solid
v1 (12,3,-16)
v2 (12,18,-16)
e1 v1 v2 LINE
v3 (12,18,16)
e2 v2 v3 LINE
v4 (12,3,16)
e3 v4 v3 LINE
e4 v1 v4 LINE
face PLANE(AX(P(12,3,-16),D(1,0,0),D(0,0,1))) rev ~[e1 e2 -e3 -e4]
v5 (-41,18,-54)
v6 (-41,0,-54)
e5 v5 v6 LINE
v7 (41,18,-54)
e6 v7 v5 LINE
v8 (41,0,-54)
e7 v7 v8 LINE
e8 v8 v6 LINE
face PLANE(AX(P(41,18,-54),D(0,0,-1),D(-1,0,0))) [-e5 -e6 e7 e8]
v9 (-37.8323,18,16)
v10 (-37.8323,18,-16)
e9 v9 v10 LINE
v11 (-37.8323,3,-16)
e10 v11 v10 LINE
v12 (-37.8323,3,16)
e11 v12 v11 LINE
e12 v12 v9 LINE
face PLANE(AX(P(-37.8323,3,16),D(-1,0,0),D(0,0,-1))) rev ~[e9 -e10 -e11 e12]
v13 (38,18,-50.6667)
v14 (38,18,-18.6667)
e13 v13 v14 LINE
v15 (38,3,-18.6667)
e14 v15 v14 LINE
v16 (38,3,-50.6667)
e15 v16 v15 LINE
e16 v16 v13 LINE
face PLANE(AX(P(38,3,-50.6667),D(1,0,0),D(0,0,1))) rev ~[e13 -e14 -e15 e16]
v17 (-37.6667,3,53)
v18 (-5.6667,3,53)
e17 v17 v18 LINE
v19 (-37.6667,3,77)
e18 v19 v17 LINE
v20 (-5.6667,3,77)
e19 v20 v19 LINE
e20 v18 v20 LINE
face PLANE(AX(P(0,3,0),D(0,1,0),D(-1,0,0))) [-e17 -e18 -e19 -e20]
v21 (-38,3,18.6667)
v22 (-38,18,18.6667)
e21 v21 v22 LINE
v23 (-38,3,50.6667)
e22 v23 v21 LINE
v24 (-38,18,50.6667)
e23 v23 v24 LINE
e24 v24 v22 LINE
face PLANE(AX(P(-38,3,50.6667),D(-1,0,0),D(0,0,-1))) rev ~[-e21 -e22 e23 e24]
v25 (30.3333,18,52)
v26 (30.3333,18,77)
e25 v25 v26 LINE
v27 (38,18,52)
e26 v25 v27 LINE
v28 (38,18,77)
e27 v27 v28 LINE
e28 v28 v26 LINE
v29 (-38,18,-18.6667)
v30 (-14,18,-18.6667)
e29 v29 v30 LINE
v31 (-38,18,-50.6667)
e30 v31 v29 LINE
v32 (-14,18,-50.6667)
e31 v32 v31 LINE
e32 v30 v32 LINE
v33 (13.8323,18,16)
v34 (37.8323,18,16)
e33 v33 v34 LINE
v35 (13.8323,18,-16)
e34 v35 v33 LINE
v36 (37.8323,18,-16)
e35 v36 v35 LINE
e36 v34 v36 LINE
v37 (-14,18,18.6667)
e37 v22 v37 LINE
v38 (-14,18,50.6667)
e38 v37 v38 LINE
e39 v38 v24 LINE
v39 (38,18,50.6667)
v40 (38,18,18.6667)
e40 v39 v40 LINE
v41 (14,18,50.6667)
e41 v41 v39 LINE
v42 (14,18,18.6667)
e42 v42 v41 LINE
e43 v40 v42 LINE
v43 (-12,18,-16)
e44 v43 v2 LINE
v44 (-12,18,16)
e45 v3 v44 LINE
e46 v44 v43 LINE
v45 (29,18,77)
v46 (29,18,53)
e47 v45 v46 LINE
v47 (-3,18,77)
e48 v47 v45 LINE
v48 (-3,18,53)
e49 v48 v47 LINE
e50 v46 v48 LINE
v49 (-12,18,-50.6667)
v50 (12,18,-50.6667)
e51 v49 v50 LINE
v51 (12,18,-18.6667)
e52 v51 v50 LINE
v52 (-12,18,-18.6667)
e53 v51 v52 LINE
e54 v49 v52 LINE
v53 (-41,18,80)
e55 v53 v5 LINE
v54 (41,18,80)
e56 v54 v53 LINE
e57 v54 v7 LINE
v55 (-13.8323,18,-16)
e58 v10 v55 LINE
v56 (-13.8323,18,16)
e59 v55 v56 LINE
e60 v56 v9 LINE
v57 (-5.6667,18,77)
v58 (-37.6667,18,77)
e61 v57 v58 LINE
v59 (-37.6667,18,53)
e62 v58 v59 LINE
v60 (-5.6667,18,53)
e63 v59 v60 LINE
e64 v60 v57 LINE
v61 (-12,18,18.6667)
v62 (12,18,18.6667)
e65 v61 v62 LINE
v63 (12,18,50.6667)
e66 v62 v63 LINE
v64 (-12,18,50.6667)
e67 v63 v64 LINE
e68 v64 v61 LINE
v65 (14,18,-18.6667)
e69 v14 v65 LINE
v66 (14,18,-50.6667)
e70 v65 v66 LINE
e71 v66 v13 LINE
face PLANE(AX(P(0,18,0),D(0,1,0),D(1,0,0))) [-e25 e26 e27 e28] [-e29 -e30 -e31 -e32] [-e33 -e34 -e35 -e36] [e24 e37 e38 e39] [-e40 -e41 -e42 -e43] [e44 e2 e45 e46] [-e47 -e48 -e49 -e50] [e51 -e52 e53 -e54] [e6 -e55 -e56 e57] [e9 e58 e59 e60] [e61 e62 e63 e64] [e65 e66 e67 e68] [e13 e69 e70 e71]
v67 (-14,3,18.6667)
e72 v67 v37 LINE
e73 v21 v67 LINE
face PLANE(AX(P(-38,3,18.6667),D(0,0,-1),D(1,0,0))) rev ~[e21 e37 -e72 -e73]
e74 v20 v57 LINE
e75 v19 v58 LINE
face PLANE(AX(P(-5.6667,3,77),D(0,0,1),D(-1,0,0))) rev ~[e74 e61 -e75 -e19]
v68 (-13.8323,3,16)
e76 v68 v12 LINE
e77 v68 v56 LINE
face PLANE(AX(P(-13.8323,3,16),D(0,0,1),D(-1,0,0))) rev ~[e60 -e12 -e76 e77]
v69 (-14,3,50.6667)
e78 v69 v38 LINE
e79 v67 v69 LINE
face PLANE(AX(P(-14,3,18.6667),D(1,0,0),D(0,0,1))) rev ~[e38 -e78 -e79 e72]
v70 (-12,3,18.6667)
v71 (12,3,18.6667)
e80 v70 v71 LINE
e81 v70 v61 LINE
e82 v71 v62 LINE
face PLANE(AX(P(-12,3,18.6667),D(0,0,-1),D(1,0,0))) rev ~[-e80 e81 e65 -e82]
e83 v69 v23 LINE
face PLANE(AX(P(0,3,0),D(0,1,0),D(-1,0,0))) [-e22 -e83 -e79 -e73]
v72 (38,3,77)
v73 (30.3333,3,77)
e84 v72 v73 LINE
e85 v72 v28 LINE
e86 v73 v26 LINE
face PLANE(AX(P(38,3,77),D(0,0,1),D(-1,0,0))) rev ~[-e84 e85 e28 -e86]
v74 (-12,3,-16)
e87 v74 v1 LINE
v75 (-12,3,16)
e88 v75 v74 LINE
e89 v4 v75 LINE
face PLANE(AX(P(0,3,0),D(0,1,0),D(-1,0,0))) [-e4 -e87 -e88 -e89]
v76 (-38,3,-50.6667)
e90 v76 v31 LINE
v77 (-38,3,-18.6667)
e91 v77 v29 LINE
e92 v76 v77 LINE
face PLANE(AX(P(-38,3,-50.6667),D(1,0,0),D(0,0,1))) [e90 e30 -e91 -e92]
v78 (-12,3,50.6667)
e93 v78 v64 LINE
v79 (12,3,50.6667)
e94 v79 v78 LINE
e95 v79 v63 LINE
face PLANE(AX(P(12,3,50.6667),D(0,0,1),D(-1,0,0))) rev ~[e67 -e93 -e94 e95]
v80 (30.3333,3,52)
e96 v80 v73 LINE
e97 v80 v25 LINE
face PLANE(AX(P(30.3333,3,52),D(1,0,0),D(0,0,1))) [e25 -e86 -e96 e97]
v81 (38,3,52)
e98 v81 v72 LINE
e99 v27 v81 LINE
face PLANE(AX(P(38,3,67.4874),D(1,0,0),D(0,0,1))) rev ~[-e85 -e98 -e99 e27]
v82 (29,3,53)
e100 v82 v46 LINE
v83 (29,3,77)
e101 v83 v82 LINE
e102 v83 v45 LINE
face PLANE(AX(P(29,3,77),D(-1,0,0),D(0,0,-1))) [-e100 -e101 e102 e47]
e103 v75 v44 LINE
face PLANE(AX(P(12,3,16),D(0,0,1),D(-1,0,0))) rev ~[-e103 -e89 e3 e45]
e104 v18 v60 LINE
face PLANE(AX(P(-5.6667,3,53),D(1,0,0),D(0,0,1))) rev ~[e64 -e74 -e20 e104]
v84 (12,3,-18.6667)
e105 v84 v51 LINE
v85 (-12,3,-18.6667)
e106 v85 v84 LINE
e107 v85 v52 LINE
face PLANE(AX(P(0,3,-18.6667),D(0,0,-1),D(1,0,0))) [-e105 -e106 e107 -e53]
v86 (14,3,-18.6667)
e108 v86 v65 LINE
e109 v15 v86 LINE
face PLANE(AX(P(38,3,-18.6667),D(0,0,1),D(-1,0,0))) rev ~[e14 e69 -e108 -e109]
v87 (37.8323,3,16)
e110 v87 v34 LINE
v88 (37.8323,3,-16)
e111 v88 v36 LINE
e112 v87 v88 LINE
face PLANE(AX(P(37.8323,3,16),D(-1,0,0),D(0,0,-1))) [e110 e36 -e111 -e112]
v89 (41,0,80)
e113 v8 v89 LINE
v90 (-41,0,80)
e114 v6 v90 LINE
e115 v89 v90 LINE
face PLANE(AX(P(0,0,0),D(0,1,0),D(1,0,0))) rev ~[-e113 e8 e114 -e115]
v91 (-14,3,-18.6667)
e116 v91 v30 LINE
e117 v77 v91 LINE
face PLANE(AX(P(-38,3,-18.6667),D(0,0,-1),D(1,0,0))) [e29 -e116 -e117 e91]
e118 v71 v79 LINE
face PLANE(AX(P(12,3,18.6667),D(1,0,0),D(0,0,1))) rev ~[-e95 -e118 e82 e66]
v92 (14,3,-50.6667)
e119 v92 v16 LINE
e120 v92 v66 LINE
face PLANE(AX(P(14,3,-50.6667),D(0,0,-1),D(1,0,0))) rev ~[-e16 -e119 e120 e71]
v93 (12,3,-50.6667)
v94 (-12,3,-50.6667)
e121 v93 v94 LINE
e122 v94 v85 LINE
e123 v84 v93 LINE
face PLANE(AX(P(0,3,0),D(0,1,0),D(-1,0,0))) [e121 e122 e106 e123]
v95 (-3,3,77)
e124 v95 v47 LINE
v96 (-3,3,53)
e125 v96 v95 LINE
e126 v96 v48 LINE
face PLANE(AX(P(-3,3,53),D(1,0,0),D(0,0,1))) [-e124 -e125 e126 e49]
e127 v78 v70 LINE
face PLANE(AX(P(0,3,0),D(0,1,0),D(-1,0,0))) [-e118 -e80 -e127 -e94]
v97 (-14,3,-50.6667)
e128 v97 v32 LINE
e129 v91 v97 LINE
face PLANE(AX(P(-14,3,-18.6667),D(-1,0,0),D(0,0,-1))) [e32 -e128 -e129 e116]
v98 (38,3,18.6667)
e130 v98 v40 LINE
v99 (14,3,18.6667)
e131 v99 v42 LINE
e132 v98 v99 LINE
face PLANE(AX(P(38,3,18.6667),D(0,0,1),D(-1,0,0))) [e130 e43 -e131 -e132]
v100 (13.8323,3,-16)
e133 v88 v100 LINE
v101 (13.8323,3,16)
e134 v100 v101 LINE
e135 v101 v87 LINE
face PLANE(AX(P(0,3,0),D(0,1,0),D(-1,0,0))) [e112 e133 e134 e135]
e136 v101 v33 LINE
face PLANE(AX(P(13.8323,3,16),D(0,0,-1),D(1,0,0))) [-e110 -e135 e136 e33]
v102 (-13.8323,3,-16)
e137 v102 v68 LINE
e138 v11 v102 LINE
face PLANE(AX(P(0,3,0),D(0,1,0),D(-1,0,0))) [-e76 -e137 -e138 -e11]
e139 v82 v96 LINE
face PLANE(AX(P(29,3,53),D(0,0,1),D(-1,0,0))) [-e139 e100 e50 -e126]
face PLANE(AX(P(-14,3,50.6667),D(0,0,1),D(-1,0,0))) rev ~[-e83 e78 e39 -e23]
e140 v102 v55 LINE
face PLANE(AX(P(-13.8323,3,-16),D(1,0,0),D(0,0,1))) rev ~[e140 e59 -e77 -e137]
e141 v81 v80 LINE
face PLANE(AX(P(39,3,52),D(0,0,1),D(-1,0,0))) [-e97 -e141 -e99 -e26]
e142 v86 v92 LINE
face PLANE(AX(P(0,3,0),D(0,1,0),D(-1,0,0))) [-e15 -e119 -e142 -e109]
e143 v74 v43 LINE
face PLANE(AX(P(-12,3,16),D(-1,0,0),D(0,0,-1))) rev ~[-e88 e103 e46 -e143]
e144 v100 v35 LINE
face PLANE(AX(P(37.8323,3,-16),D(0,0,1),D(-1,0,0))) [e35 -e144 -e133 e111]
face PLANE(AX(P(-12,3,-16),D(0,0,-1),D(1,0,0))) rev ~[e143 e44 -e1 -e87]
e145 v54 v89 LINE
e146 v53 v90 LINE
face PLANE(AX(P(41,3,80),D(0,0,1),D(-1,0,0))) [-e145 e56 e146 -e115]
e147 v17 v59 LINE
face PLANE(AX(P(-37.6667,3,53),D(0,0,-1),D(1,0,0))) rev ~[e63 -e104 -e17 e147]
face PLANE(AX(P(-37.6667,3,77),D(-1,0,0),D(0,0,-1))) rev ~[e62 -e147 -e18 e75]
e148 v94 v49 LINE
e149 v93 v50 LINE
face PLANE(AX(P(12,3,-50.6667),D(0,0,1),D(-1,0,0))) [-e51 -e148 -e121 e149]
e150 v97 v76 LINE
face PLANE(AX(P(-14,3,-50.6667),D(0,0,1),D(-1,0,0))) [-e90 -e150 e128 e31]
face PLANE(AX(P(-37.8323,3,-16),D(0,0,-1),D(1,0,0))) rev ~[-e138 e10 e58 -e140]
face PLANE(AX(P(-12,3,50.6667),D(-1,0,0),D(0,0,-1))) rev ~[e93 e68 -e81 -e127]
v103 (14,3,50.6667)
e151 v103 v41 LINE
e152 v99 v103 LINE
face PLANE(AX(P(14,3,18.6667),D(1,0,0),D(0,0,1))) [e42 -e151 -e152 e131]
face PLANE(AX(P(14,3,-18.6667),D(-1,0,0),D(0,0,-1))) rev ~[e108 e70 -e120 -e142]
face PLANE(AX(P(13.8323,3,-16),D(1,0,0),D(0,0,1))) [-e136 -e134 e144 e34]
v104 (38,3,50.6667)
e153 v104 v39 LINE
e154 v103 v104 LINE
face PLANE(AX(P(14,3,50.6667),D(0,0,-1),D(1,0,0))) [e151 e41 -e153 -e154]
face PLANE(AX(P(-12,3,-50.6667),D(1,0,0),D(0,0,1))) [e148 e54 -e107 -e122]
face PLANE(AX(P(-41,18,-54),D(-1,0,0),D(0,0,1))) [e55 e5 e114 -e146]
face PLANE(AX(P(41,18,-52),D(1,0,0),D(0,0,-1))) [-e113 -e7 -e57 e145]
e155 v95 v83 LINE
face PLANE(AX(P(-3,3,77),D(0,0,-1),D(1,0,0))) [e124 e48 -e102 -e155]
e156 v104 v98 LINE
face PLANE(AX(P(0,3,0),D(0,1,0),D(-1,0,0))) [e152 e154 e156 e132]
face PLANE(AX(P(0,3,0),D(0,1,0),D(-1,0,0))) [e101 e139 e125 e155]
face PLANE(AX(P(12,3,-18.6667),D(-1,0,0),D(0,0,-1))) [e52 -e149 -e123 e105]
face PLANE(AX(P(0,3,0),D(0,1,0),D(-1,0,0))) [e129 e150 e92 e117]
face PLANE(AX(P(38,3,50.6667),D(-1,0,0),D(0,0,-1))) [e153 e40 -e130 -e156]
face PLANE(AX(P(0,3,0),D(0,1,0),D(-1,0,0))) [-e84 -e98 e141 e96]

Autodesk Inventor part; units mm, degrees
ref_plane "YZ Plane" through (0, 0, 0) normal (1, 0, 0) x (0, 1, 0)
ref_plane "XZ Plane" through (0, 0, 0) normal (0, 1, 0) x (-1, 0, 0)
ref_plane "XY Plane" through (0, 0, 0) normal (0, 0, 1) x (1, 0, 0)
sketch "Эскиз1" plane through (0, 0, 0) normal (0, 1, 0) x (-1, 0, 0)
  line L0 (-41, -75) -> (41, -75)
  line L1 (41, -75) -> (41, 75)
  line L2 (41, 75) -> (-41, 75)
  line L3 (-41, 75) -> (-41, -75)
  line L4 (-41, -75) -> (41, 75) construction
  line L5 (41, -75) -> (-41, 75) construction
  line L6 (41, 75) -> (-41, 75)
  line L7 (-41, 75) -> (-41, 80)
  line L8 (-41, 80) -> (41, 80)
  line L9 (41, 80) -> (41, 75)
  point P0 (0, 0)
  point P1 (-45, 75)
  dimension "d0" = 150
  dimension "d1" = 82
  dimension "d34" = 5
extrude "Выдавливание1" add sketch "Эскиз1" along normal blind 3
sketch "Эскиз2" plane through (0, 3, 0) normal (0, 1, 0) x (1, 0, 0)
  line L0 (41, 75) -> (-41, 75)
  line L1 (43.9412, 73.2353) -> (-45, -75) construction
  line L2 (-45, 75) -> (45, -75) construction
  line L3 (38, 67.4874) -> (-38, 67.4874)
  line L4 (-38, 67.4874) -> (-38, -67.4874)
  line L5 (38, -67.4874) -> (38, 67.4874)
  line L6 (38, 67.4874) -> (-38, -67.4874) construction
  line L7 (-38, 67.4874) -> (38, -67.4874) construction
  line L8 (40.7632, -80) -> (-41, -80)
  line L9 (-38, -77) -> (-38, -67.4874)
  line L10 (41, -80) -> (41, 75) projected
  line L11 (41, -80) -> (-41, -80)
  line L12 (-41, 75) -> (-41, -80) projected
  line L13 (-41, -80) -> (41, -80)
  line L14 (38, -77) -> (-38, -77)
  line L15 (-41, -77) -> (-41, -80)
  line L16 (-41, -77) -> (-41, 75)
  line L17 (41, -80) -> (41, 75)
  line L18 (38, -67.4874) -> (38, -77)
  point P0 (0, 0)
  dimension "d38" = 3
  dimension "d39" = 3
extrude "Выдавливание2" add sketch "Эскиз2" along normal blind 15
sketch "Эскиз3" plane through (0, 3, 0) normal (0, 1, 0) x (1, 0, 0)
  line L0 (12, -16) -> (-12, -16)
  line L1 (-12, -16) -> (-12, 16)
  line L2 (-12, 16) -> (12, 16)
  line L3 (12, 16) -> (12, -16)
  line L4 (12, -16) -> (-12, 16) construction
  line L5 (-12, -16) -> (12, 16) construction
  line L6 (13, -17.3333) -> (-13, -17.3333)
  line L7 (-13, -17.3333) -> (-13, 17.3333)
  line L8 (-13, 17.3333) -> (13, 17.3333)
  line L9 (13, 17.3333) -> (13, -17.3333)
  line L10 (13, -17.3333) -> (-13, 17.3333) construction
  line L11 (-13, -17.3333) -> (13, 17.3333) construction
  point P0 (0, 0)
  dimension "d8" = 24
  dimension "d9" = 32
  dimension "d10" = 26
extrude "Выдавливание3" add sketch "Эскиз3" along normal blind 15
sketch "Эскиз4" plane through (0, 3, 0) normal (0, 1, 0) x (1, 0, 0)
  line L0 (13, 17.3333) -> (-13, 17.3333) projected
  line L1 (-13, 17.3333) -> (-39, 17.3333)
  line L2 (-39, 17.3333) -> (-39, -17.3333)
  line L3 (-39, -17.3333) -> (-13, -17.3333)
  line L4 (-13, -17.3333) -> (-13, 17.3333)
  line L5 (-13.8323, -16) -> (-37.8323, -16)
  line L6 (-37.8323, -16) -> (-37.8323, 16)
  line L7 (-37.8323, 16) -> (-13.8323, 16)
  line L8 (-13.8323, 16) -> (-13.8323, -16)
  line L9 (-13.8323, -16) -> (-37.8323, 16) construction
  line L10 (-37.8323, -16) -> (-13.8323, 16) construction
  line L11 (0, 0) -> (0, 60.0549)
  line L12 (13, 17.3333) -> (39, 17.3333)
  line L13 (39, 17.3333) -> (39, -17.3333)
  line L14 (39, -17.3333) -> (13, -17.3333)
  line L15 (13, -17.3333) -> (13, 17.3333)
  line L16 (13.8323, -16) -> (37.8323, -16)
  line L17 (37.8323, -16) -> (37.8323, 16)
  line L18 (37.8323, 16) -> (13.8323, 16)
  line L19 (13.8323, 16) -> (13.8323, -16)
  line L20 (13.8323, -16) -> (37.8323, 16) construction
  line L21 (37.8323, -16) -> (13.8323, 16) construction
  point P0 (-25.8323, 0)
  point P1 (25.8323, 0)
  dimension "d13" = 26
  dimension "d14" = 24
  dimension "d15" = 32
extrude "Выдавливание4" add sketch "Эскиз4" along normal blind 15
sketch "Эскиз6" plane through (0, 3, 0) normal (0, 1, 0) x (1, 0, 0)
  line L0 (38, 17.3333) -> (-38, 17.3333) projected
  line L1 (-39, 17.3333) -> (39, 17.3333)
  line L2 (39, 17.3333) -> (39, 52)
  line L3 (39, 52) -> (-39, 52)
  line L4 (-39, 52) -> (-39, 17.3333)
  line L5 (-39, 17.3333) -> (-13, 17.3333)
  line L6 (-13, 17.3333) -> (-13, 52)
  line L7 (-13, 52) -> (-39, 52)
  line L8 (-39, 52) -> (-39, 17.3333)
  line L9 (-14, 50.6667) -> (-38, 50.6667)
  line L10 (-38, 50.6667) -> (-38, 18.6667)
  line L11 (-38, 18.6667) -> (-14, 18.6667)
  line L12 (-14, 18.6667) -> (-14, 50.6667)
  line L13 (-14, 50.6667) -> (-38, 18.6667) construction
  line L14 (-38, 50.6667) -> (-14, 18.6667) construction
  line L15 (-39, 17.3333) -> (-13, 52)
  line L16 (-39, 52) -> (-13, 17.3333)
  line L17 (0, 0) -> (0, 94.2737)
  line L18 (39, 52) -> (39, 17.3333)
  line L19 (39, 17.3333) -> (13, 17.3333)
  line L20 (13, 17.3333) -> (13, 52)
  line L21 (13, 52) -> (39, 52)
  line L22 (39, 52) -> (39, 17.3333)
  line L23 (14, 50.6667) -> (38, 50.6667)
  line L24 (38, 50.6667) -> (38, 18.6667)
  line L25 (38, 18.6667) -> (14, 18.6667)
  line L26 (14, 18.6667) -> (14, 50.6667)
  line L27 (14, 50.6667) -> (38, 18.6667) construction
  line L28 (38, 50.6667) -> (14, 18.6667) construction
  line L29 (39, 17.3333) -> (13, 52)
  line L30 (39, 52) -> (13, 17.3333)
  line L31 (-13, 17.3333) -> (13, 17.3333)
  line L32 (13, 17.3333) -> (13, 52)
  line L33 (13, 52) -> (-13, 52)
  line L34 (-13, 52) -> (-13, 17.3333)
  line L35 (12, 50.6667) -> (-12, 50.6667)
  line L36 (-12, 50.6667) -> (-12, 18.6667)
  line L37 (-12, 18.6667) -> (12, 18.6667)
  line L38 (12, 18.6667) -> (12, 50.6667)
  line L39 (12, 50.6667) -> (-12, 18.6667) construction
  line L40 (-12, 50.6667) -> (12, 18.6667) construction
  line L41 (0, 0) -> (-32.6399, 0)
  line L42 (39, -17.3333) -> (-39, -17.3333)
  line L43 (-39, -17.3333) -> (39, -17.3333)
  line L44 (39, -17.3333) -> (39, -52)
  line L45 (39, -52) -> (-39, -52)
  line L46 (-39, -52) -> (-39, -17.3333)
  line L47 (-39, -17.3333) -> (-13, -17.3333)
  line L48 (-13, -17.3333) -> (-13, -52)
  line L49 (-13, -52) -> (-39, -52)
  line L50 (-39, -52) -> (-39, -17.3333)
  line L51 (-14, -50.6667) -> (-38, -50.6667)
  line L52 (-38, -50.6667) -> (-38, -18.6667)
  line L53 (-38, -18.6667) -> (-14, -18.6667)
  line L54 (-14, -18.6667) -> (-14, -50.6667)
  line L55 (-14, -50.6667) -> (-38, -18.6667) construction
  line L56 (-38, -50.6667) -> (-14, -18.6667) construction
  line L57 (-39, -17.3333) -> (-13, -52)
  line L58 (-39, -52) -> (-13, -17.3333)
  line L59 (39, -17.3333) -> (13, -17.3333)
  line L60 (38, -18.6667) -> (14, -18.6667)
  line L61 (14, -50.6667) -> (38, -50.6667)
  line L62 (38, -50.6667) -> (38, -18.6667)
  line L63 (14, -18.6667) -> (14, -50.6667)
  line L64 (14, -50.6667) -> (38, -18.6667) construction
  line L65 (38, -50.6667) -> (14, -18.6667) construction
  line L66 (39, -17.3333) -> (13, -52)
  line L67 (39, -52) -> (39, -17.3333)
  line L68 (13, -52) -> (39, -52)
  line L69 (39, -52) -> (39, -17.3333)
  line L70 (39, -52) -> (13, -17.3333)
  line L71 (13, -17.3333) -> (13, -52)
  line L72 (-13, -17.3333) -> (13, -17.3333)
  line L73 (13, -17.3333) -> (13, -52)
  line L74 (13, -52) -> (-13, -52)
  line L75 (-13, -52) -> (-13, -17.3333)
  line L76 (12, -50.6667) -> (-12, -50.6667)
  line L77 (-12, -50.6667) -> (-12, -18.6667)
  line L78 (-12, -18.6667) -> (12, -18.6667)
  line L79 (12, -18.6667) -> (12, -50.6667)
  line L80 (12, -50.6667) -> (-12, -18.6667) construction
  line L81 (-12, -50.6667) -> (12, -18.6667) construction
  point P0 (-26, 34.6667)
  point P1 (26, 34.6667)
  point P2 (0, 34.6667)
  point P3 (-26, -34.6667)
  point P4 (26, -34.6667)
  point P5 (0, -34.6667)
  dimension "d18" = 34.6667
  dimension "d19" = 26
  dimension "d20" = 24
  dimension "d21" = 32
  dimension "d22" = 24
extrude "Выдавливание5" add sketch "Эскиз6" along normal blind 15 contours L0 L30 L25 L29 L1 | L0 L17 L37 L38 L35 L3 L20 | L20 L29 L26 L30 | L29 L24 L30 L2 | L0 L6 L3 L17 L35 L36 L37 | L3 L30 L23 L29 | L16 L12 L15 L6 | L0 L1 L15 L11 L16 | L15 L9 L16 L3 | L4 L16 L10 L15 | L66 L60 L70 L42 | L44 L70 L62 L66 | L71 L45 L48 L42 | L70 L63 L66 L71 | L45 L66 L61 L70 | L58 L53 L57 L42 | L48 L57 L54 L58 | L57 L52 L58 L46 | L45 L58 L51 L57
sketch "Эскиз7" plane through (0, 3, 0) normal (0, 1, 0) x (1, 0, 0)
  line L0 (-37.6667, -53) -> (-5.6667, -53)
  line L1 (-5.6667, -53) -> (-5.6667, -77)
  line L2 (-5.6667, -77) -> (-37.6667, -77)
  line L3 (-37.6667, -77) -> (-37.6667, -53)
  line L4 (-4.3333, -52) -> (-39, -52)
  line L5 (-39, -52) -> (-39, -78)
  line L6 (-39, -78) -> (-4.3333, -78)
  line L7 (-4.3333, -78) -> (-4.3333, -52)
  line L8 (-4.3333, -52) -> (-39, -78) construction
  line L9 (-39, -52) -> (-4.3333, -78) construction
  line L10 (-37.6667, -77) -> (-5.6667, -53)
  line L11 (-5.6667, -77) -> (-37.6667, -53)
  line L12 (-4.3333, -52) -> (30.3333, -52)
  line L13 (30.3333, -52) -> (30.3333, -78)
  line L14 (30.3333, -78) -> (-4.3333, -78)
  line L15 (-4.3333, -78) -> (-4.3333, -52)
  line L16 (29, -53) -> (-3, -53)
  line L17 (-3, -53) -> (-3, -77)
  line L18 (-3, -77) -> (29, -77)
  line L19 (29, -77) -> (29, -53)
  line L20 (29, -53) -> (-3, -77) construction
  line L21 (-3, -53) -> (29, -77) construction
  line L22 (-4.3333, -78) -> (30.3333, -52)
  line L23 (30.3333, -78) -> (-4.3333, -52)
  point P0 (0, 0)
  point P1 (-21.6667, -65)
  point P2 (13, -65)
  dimension "d25" = 24
  dimension "d26" = 32
  dimension "d27" = 26
  dimension "d29" = 34.6667
  dimension "d30" = 34.6667
  dimension "d31" = 32
extrude "Выдавливание6" add sketch "Эскиз7" along normal blind 15 contours L7 L6 L5 L4 | L23 L17 L22 L7 | L12 L22 L16 L23 | L22 L18 L23 L14 | L13 L23 L19 L22
sketch "Эскиз8" plane through (0, 18, 0) normal (0, 1, 0) x (1, 0, 0)
  line L0 (-41, 75) -> (-41, -80) projected
  line L1 (-41, 75) -> (41.8498, 75)
  line L2 (41.8498, 75) -> (41.8498, 52)
  line L3 (41.8498, 52) -> (-41, 52)
  line L4 (-41, 52) -> (-41, 75)
  point P0 (0, 0)
  dimension "d40" = 23
extrude "Выдавливание7" cut sketch "Эскиз8" against normal blind 500
sketch "Эскиз9" plane through (0, 18, 0) normal (0, 1, 0) x (1, 0, 0)
  line L0 (-41, 52) -> (-41, -80) projected
  line L1 (-41, 52) -> (41, 52)
  line L2 (41, 52) -> (41, 54)
  line L3 (41, 54) -> (-41, 54)
  line L4 (-41, 54) -> (-41, 52)
  point P0 (0, 0)
  dimension "d43" = 2
extrude "Выдавливание8" add sketch "Эскиз9" against normal up to surface (18 mm away)
properties part number "хранитель крпелений"
